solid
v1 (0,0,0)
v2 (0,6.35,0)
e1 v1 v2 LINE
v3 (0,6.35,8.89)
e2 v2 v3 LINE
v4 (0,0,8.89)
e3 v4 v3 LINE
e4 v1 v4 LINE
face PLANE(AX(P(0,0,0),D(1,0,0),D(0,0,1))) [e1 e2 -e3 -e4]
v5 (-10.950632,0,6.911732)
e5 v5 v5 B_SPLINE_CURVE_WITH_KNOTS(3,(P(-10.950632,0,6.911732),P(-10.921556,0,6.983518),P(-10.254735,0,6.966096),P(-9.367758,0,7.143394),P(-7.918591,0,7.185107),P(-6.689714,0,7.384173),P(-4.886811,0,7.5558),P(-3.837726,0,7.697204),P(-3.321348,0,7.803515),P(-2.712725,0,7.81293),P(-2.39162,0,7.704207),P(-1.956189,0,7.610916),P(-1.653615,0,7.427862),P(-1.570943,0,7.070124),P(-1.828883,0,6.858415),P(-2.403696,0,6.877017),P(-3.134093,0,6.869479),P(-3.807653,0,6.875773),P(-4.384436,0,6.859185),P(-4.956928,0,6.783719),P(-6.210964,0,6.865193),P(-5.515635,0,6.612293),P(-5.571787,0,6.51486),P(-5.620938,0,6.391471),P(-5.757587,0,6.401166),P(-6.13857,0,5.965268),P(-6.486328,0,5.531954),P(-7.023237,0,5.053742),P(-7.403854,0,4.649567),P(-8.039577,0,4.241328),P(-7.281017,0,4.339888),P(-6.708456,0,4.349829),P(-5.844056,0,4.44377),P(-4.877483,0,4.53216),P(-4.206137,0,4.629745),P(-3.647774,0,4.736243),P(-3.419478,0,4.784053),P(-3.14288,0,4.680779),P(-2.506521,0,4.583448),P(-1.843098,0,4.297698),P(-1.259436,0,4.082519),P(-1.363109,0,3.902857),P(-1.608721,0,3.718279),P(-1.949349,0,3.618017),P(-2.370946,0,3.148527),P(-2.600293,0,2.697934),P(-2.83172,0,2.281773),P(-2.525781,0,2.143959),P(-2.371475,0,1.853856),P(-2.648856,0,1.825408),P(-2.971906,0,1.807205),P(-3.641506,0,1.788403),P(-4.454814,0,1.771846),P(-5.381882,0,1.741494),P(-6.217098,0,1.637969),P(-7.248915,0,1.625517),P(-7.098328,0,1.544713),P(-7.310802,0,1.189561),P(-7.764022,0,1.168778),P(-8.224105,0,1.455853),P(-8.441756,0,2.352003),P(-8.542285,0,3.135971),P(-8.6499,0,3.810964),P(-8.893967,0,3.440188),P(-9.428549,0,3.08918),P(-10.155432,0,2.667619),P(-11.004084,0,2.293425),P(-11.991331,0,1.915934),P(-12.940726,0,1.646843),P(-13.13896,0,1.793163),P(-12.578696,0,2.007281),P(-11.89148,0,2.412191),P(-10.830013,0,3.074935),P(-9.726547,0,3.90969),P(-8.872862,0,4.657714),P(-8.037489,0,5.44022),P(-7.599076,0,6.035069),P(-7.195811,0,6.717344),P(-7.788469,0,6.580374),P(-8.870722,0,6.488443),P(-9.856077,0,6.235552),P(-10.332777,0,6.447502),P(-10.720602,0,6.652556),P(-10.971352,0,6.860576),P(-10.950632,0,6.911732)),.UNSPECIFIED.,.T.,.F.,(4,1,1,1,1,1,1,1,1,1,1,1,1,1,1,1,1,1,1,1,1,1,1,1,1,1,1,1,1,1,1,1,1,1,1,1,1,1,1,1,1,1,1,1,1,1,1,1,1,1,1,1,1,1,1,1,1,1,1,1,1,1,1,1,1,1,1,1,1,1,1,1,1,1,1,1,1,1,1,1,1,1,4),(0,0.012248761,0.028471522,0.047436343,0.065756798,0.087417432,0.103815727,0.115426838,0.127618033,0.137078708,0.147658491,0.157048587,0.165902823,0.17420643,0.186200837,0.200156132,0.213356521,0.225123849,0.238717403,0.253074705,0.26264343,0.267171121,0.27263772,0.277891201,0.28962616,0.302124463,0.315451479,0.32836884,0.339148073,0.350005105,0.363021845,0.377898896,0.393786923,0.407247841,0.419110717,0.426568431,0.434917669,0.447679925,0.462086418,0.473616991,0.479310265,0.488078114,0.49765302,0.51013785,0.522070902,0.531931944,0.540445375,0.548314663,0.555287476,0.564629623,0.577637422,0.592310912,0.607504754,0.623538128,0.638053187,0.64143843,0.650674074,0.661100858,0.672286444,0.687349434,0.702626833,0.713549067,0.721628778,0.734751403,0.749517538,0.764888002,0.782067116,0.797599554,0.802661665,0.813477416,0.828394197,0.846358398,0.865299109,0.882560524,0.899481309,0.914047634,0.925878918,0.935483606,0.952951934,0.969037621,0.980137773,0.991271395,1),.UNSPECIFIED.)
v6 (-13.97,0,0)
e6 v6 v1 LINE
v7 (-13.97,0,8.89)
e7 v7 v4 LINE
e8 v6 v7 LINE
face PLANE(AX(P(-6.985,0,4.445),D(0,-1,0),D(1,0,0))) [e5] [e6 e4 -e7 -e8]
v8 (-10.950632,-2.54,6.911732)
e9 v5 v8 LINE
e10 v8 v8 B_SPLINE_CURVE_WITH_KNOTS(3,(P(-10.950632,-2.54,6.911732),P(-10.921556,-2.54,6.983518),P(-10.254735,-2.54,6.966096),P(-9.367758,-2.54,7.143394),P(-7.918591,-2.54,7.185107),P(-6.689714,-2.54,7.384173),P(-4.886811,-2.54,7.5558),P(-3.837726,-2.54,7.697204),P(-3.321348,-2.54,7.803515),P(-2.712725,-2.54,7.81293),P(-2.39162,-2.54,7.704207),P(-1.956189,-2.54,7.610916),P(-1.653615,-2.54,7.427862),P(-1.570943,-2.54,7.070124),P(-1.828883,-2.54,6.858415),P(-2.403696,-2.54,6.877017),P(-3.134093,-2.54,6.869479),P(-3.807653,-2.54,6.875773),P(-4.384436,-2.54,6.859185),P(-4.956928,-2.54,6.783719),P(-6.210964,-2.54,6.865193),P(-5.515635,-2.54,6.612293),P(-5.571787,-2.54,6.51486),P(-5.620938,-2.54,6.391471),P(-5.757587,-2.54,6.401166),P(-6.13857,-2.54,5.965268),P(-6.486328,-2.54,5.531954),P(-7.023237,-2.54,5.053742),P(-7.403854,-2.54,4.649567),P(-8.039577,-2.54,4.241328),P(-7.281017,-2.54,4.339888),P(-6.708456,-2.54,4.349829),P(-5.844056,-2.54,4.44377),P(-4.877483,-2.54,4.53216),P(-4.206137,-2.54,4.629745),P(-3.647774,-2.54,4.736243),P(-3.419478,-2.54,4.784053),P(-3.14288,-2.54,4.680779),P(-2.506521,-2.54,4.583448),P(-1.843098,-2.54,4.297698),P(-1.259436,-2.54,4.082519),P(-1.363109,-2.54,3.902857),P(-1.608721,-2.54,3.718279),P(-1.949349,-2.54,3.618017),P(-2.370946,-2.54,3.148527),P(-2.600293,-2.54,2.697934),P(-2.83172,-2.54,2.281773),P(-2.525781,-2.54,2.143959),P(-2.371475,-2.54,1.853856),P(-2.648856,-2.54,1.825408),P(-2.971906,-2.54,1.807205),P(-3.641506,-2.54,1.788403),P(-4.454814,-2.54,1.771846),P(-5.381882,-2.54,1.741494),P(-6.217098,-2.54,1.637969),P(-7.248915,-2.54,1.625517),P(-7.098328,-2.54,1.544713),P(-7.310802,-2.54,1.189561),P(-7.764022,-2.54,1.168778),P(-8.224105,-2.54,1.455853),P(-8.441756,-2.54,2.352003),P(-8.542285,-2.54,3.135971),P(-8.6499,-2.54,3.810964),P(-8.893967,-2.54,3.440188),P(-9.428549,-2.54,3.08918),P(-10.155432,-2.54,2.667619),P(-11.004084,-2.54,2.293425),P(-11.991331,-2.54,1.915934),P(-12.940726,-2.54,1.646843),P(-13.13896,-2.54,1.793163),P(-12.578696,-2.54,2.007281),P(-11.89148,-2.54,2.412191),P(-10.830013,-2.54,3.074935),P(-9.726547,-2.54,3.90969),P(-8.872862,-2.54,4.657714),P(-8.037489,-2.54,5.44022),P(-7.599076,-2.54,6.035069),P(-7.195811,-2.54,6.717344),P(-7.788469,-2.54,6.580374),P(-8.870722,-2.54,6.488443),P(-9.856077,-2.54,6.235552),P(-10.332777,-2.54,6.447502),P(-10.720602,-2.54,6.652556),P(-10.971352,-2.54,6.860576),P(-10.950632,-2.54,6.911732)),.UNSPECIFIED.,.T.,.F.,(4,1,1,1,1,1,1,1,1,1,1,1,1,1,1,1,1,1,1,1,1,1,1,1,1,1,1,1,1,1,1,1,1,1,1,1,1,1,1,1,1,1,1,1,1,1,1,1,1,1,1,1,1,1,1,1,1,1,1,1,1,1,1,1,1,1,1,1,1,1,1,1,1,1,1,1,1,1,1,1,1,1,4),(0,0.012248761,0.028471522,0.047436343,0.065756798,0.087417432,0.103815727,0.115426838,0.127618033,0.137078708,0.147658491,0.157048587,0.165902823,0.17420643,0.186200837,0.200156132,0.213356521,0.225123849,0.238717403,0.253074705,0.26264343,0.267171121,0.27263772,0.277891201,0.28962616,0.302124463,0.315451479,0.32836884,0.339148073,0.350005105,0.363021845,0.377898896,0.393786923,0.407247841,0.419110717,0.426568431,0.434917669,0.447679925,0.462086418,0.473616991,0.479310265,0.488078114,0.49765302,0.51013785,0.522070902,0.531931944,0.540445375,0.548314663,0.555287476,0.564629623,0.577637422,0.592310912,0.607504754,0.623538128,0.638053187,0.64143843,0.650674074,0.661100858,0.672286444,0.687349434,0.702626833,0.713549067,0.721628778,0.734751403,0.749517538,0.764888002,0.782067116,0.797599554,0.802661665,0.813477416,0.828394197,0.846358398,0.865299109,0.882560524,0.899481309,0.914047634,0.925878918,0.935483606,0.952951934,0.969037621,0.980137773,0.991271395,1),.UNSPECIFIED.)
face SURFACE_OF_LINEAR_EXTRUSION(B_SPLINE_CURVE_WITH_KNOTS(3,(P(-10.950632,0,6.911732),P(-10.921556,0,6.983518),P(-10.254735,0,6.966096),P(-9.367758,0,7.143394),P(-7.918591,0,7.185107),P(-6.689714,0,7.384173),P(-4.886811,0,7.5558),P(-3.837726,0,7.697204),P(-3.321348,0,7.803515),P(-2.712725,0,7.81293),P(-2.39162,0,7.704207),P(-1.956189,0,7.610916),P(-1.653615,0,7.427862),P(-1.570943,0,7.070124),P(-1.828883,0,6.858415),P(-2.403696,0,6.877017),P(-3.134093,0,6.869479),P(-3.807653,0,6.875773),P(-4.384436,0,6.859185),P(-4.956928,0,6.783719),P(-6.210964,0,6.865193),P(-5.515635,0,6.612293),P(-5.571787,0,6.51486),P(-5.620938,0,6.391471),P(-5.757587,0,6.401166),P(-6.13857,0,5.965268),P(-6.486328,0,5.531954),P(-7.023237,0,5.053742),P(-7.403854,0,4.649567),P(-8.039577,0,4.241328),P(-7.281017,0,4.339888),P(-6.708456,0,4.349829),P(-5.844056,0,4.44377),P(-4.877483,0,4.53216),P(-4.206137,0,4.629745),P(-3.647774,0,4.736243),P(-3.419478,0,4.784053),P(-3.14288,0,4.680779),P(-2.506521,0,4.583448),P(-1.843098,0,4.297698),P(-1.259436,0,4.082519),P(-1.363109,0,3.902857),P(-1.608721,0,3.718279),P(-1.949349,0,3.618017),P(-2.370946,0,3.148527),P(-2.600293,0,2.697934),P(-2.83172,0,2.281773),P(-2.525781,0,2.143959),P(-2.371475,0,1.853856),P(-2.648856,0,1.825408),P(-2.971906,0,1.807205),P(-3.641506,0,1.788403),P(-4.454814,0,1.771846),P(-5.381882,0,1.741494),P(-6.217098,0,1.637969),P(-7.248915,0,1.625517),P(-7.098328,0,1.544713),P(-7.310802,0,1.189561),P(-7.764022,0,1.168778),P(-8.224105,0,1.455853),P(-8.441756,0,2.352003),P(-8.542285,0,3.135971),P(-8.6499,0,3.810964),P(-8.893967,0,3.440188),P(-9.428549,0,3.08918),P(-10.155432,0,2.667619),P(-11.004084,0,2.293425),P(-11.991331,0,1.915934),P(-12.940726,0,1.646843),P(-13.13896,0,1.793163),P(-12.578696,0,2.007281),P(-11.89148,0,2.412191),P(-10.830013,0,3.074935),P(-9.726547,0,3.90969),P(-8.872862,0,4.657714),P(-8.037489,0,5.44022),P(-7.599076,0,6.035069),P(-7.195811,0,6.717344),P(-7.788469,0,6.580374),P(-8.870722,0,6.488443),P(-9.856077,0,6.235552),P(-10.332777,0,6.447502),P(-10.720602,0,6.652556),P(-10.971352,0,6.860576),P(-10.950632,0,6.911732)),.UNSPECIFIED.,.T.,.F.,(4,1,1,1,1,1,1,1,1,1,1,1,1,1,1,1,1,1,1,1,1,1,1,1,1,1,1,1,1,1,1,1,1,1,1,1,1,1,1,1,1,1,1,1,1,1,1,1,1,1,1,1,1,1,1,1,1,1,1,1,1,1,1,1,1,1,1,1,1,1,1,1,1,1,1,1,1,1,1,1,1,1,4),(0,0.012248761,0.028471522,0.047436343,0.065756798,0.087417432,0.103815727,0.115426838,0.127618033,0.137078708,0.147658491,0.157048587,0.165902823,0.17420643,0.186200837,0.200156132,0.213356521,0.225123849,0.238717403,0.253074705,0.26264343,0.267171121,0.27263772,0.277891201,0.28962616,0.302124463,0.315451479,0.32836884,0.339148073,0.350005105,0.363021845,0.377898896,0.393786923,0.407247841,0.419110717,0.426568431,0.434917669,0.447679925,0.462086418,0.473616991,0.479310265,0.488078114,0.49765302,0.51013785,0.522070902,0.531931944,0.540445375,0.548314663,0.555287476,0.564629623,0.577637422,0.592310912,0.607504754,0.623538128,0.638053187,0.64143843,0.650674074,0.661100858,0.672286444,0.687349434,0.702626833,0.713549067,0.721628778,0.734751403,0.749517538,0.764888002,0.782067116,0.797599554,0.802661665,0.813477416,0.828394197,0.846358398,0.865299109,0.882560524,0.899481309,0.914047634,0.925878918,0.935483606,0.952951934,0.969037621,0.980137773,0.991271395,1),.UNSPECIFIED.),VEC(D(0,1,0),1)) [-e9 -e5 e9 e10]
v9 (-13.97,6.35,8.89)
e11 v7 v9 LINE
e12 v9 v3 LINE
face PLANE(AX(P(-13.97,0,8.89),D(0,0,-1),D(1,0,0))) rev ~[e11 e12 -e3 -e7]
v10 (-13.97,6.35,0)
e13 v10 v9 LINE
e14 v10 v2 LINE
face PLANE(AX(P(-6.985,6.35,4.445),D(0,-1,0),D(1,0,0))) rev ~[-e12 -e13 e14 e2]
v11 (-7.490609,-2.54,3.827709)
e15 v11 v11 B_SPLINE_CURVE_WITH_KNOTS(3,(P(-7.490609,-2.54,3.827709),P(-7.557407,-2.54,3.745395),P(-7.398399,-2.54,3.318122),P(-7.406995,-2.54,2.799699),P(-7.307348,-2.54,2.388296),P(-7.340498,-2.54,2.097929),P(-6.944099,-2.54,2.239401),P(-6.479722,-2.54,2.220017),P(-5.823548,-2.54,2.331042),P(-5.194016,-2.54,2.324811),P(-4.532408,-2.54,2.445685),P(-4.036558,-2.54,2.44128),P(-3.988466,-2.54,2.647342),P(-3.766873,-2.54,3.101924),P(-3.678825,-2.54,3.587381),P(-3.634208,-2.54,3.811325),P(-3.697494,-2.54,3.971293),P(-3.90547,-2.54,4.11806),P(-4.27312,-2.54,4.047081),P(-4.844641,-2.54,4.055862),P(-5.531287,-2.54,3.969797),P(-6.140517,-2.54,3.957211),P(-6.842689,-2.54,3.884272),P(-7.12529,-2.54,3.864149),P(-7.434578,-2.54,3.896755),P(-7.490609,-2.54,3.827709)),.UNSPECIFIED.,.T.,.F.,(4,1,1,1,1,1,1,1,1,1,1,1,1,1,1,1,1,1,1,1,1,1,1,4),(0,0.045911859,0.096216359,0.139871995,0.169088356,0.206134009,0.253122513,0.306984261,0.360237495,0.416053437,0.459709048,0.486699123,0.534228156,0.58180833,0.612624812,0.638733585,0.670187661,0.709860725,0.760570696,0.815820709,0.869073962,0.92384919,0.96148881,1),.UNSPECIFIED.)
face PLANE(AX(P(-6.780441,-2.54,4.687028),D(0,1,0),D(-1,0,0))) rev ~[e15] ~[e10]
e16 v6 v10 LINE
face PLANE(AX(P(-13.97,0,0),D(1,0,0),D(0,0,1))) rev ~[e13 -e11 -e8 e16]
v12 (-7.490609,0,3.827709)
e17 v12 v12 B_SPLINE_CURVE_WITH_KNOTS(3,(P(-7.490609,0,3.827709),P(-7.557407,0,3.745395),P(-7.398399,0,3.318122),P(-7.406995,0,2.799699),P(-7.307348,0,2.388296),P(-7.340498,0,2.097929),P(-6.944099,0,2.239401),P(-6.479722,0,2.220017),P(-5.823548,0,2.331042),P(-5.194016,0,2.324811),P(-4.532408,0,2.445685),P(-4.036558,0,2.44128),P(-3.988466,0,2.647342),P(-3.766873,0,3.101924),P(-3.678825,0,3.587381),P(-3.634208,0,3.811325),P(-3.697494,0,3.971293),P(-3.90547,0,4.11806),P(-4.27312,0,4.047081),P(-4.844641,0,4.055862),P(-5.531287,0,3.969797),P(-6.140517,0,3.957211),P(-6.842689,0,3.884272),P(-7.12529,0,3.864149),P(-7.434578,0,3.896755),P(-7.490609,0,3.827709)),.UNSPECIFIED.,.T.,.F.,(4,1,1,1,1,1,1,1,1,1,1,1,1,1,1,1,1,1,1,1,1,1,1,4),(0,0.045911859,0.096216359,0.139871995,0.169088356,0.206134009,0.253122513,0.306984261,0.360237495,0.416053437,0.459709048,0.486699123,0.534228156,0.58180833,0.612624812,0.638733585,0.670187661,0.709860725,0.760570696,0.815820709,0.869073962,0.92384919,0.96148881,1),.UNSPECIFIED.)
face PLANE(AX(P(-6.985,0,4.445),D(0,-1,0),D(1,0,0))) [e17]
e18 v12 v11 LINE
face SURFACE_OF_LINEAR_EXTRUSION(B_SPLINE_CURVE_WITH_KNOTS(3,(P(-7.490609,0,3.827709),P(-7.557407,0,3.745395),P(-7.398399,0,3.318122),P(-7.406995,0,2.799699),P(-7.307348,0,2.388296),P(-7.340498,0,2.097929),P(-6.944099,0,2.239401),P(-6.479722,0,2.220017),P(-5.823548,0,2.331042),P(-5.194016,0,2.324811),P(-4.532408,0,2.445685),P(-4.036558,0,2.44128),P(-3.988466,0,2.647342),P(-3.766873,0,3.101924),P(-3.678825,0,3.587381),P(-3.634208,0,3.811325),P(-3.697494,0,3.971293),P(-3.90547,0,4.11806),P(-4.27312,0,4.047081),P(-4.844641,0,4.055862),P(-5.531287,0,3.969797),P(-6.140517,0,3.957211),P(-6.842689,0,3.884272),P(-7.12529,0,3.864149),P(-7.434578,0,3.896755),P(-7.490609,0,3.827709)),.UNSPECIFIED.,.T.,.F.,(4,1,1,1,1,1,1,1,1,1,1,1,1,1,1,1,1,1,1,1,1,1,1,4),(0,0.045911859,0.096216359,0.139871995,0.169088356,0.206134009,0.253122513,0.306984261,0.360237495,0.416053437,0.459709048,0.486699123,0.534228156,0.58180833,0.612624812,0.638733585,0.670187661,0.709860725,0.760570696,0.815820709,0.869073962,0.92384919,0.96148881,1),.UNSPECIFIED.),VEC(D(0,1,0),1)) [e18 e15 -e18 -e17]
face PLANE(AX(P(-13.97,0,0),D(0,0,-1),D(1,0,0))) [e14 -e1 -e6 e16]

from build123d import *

# Parameters (mm, degrees)
F0_W     = 13.97
F0_H     = 8.89
F2_DEPTH = 6.35
F3_DEPTH = 2.54


with BuildPart() as f2:
    # F0 (on Front) → F2 (new body)
    with BuildSketch(Plane.XZ):
        with Locations((-6.985, 4.445)):
            Rectangle(F0_W, F0_H)
    extrude(amount=-F2_DEPTH)

    # F1 (on face) → F3 (join)
    with BuildSketch(Plane.XZ):
        with BuildLine():
            add(Edge.make_bspline(
                [(-10.9506319277, 6.9117319072), (-10.9215560474, 6.983518267), (-10.2547346118, 6.9660963959), (-9.367758101, 7.1433940227), (-7.9185912824, 7.1851071991), (-6.689714294, 7.3841728469), (-4.8868113589, 7.5557997044), (-3.8377260041, 7.6972043638), (-3.3213475749, 7.8035150988), (-2.7127249464, 7.8129303392), (-2.3916203573, 7.7042069639), (-1.9561887486, 7.6109162225), (-1.6536148081, 7.4278615686), (-1.5709428496, 7.0701240881), (-1.8288826538, 6.8584151125), (-2.403695532, 6.8770174132), (-3.1340933143, 6.8694787458), (-3.8076527689, 6.8757731813), (-4.3844355289, 6.8591849773), (-4.9569276105, 6.7837190789), (-6.2109637203, 6.8651928855), (-5.5156345021, 6.612292872), (-5.5717872123, 6.5148599287), (-5.6209382623, 6.391471039), (-5.7575867164, 6.4011663462), (-6.138570176, 5.9652679377), (-6.4863280666, 5.531954296), (-7.0232373526, 5.0537415663), (-7.4038542853, 4.6495674056), (-8.0395765979, 4.2413284106), (-7.2810171381, 4.3398879518), (-6.7084563587, 4.3498288445), (-5.8440555706, 4.4437701063), (-4.8774825698, 4.5321603632), (-4.2061372706, 4.6297454878), (-3.6477737118, 4.7362433769), (-3.4194780831, 4.7840533864), (-3.1428798732, 4.6807786649), (-2.5065208313, 4.5834484379), (-1.8430977706, 4.2976981863), (-1.2594357761, 4.082518515), (-1.3631089077, 3.9028569885), (-1.6087207628, 3.7182786601), (-1.9493493943, 3.6180170562), (-2.3709455446, 3.1485270431), (-2.6002930279, 2.6979342805), (-2.8317199438, 2.2817727893), (-2.5257812979, 2.1439585154), (-2.3714750031, 1.8538560443), (-2.6488560759, 1.8254081798), (-2.9719059979, 1.8072052426), (-3.6415056045, 1.7884031926), (-4.4548139649, 1.7718458823), (-5.3818819698, 1.7414936157), (-6.2170979735, 1.6379693619), (-7.2489153534, 1.6255168384), (-7.0983275234, 1.5447125643), (-7.3108024117, 1.1895606724), (-7.7640218892, 1.1687784583), (-8.2241047085, 1.4558533614), (-8.4417561904, 2.3520025844), (-8.5422850172, 3.1359712876), (-8.6498998874, 3.8109641292), (-8.8939666845, 3.4401876975), (-9.4285489759, 3.0891797074), (-10.1554322638, 2.6676188525), (-11.0040835246, 2.2934247707), (-11.9913313094, 1.9159335695), (-12.9407255353, 1.6468427919), (-13.1389603174, 1.7931627328), (-12.5786959074, 2.0072810943), (-11.8914800618, 2.4121908198), (-10.8300130342, 3.0749348361), (-9.7265473143, 3.9096899429), (-8.8728617175, 4.6577142404), (-8.0374888038, 5.4402201647), (-7.5990757136, 6.0350686213), (-7.1958108562, 6.7173436783), (-7.7884689384, 6.5803740466), (-8.8707215293, 6.4884429328), (-9.8560768752, 6.2355517483), (-10.3327767681, 6.4475023705), (-10.7206020232, 6.6525559064), (-10.9713517268, 6.8605761404), (-10.9506319277, 6.9117319072)],
                knots=[0, 0, 0, 0, 0.0122487609, 0.0284715223, 0.0474363434, 0.0657567977, 0.0874174317, 0.1038157271, 0.1154268376, 0.1276180327, 0.1370787081, 0.1476584909, 0.157048587, 0.165902823, 0.1742064301, 0.1862008366, 0.2001561317, 0.2133565209, 0.2251238486, 0.2387174026, 0.2530747048, 0.2626434305, 0.2671711212, 0.2726377204, 0.2778912009, 0.2896261603, 0.3021244632, 0.3154514794, 0.3283688398, 0.3391480727, 0.3500051046, 0.3630218455, 0.3778988956, 0.3937869226, 0.4072478409, 0.4191107169, 0.4265684306, 0.4349176695, 0.4476799254, 0.462086418, 0.4736169906, 0.4793102653, 0.4880781143, 0.49765302, 0.51013785, 0.5220709021, 0.531931944, 0.5404453753, 0.5483146632, 0.5552874755, 0.5646296227, 0.5776374224, 0.5923109124, 0.6075047544, 0.6235381284, 0.6380531873, 0.6414384297, 0.6506740737, 0.6611008575, 0.6722864445, 0.6873494344, 0.7026268327, 0.7135490666, 0.7216287777, 0.7347514034, 0.7495175382, 0.7648880016, 0.7820671163, 0.7975995543, 0.8026616646, 0.8134774164, 0.8283941966, 0.8463583978, 0.8652991088, 0.8825605239, 0.8994813094, 0.9140476338, 0.9258789177, 0.9354836064, 0.9529519343, 0.9690376213, 0.9801377731, 0.9912713953, 1, 1, 1, 1], degree=3))
        make_face()
        with BuildLine():
            add(Edge.make_bspline(
                [(-7.4906088412, 3.827709239), (-7.5574065937, 3.7453948109), (-7.398398844, 3.3181218314), (-7.4069947176, 2.799698796), (-7.3073477614, 2.3882960332), (-7.3404984302, 2.0979289025), (-6.9440987185, 2.2394007), (-6.479721876, 2.2200165272), (-5.8235479368, 2.3310422883), (-5.1940161891, 2.324810663), (-4.5324076501, 2.4456849075), (-4.0365581553, 2.4412804142), (-3.9884656574, 2.6473418888), (-3.7668731793, 3.1019242518), (-3.6788247334, 3.5873806993), (-3.6342081946, 3.8113246686), (-3.6974940786, 3.9712926445), (-3.9054698864, 4.118060423), (-4.2731198028, 4.0470805145), (-4.8446408608, 4.0558623113), (-5.5312865222, 3.9697969256), (-6.1405166588, 3.9572113234), (-6.8426892538, 3.8842723518), (-7.125290262, 3.864149319), (-7.4345784176, 3.8967551589), (-7.4906088412, 3.827709239)],
                knots=[0, 0, 0, 0, 0.0459118593, 0.0962163594, 0.1398719947, 0.1690883561, 0.2061340093, 0.2531225131, 0.3069842608, 0.3602374948, 0.4160534374, 0.4597090477, 0.4866991231, 0.5342281562, 0.5818083303, 0.6126248116, 0.6387335847, 0.6701876605, 0.7098607252, 0.7605706964, 0.8158207095, 0.8690739623, 0.9238491902, 0.9614888103, 1, 1, 1, 1], degree=3))
        make_face(mode=Mode.SUBTRACT)
    extrude(amount=F3_DEPTH)


solid = f2.part
